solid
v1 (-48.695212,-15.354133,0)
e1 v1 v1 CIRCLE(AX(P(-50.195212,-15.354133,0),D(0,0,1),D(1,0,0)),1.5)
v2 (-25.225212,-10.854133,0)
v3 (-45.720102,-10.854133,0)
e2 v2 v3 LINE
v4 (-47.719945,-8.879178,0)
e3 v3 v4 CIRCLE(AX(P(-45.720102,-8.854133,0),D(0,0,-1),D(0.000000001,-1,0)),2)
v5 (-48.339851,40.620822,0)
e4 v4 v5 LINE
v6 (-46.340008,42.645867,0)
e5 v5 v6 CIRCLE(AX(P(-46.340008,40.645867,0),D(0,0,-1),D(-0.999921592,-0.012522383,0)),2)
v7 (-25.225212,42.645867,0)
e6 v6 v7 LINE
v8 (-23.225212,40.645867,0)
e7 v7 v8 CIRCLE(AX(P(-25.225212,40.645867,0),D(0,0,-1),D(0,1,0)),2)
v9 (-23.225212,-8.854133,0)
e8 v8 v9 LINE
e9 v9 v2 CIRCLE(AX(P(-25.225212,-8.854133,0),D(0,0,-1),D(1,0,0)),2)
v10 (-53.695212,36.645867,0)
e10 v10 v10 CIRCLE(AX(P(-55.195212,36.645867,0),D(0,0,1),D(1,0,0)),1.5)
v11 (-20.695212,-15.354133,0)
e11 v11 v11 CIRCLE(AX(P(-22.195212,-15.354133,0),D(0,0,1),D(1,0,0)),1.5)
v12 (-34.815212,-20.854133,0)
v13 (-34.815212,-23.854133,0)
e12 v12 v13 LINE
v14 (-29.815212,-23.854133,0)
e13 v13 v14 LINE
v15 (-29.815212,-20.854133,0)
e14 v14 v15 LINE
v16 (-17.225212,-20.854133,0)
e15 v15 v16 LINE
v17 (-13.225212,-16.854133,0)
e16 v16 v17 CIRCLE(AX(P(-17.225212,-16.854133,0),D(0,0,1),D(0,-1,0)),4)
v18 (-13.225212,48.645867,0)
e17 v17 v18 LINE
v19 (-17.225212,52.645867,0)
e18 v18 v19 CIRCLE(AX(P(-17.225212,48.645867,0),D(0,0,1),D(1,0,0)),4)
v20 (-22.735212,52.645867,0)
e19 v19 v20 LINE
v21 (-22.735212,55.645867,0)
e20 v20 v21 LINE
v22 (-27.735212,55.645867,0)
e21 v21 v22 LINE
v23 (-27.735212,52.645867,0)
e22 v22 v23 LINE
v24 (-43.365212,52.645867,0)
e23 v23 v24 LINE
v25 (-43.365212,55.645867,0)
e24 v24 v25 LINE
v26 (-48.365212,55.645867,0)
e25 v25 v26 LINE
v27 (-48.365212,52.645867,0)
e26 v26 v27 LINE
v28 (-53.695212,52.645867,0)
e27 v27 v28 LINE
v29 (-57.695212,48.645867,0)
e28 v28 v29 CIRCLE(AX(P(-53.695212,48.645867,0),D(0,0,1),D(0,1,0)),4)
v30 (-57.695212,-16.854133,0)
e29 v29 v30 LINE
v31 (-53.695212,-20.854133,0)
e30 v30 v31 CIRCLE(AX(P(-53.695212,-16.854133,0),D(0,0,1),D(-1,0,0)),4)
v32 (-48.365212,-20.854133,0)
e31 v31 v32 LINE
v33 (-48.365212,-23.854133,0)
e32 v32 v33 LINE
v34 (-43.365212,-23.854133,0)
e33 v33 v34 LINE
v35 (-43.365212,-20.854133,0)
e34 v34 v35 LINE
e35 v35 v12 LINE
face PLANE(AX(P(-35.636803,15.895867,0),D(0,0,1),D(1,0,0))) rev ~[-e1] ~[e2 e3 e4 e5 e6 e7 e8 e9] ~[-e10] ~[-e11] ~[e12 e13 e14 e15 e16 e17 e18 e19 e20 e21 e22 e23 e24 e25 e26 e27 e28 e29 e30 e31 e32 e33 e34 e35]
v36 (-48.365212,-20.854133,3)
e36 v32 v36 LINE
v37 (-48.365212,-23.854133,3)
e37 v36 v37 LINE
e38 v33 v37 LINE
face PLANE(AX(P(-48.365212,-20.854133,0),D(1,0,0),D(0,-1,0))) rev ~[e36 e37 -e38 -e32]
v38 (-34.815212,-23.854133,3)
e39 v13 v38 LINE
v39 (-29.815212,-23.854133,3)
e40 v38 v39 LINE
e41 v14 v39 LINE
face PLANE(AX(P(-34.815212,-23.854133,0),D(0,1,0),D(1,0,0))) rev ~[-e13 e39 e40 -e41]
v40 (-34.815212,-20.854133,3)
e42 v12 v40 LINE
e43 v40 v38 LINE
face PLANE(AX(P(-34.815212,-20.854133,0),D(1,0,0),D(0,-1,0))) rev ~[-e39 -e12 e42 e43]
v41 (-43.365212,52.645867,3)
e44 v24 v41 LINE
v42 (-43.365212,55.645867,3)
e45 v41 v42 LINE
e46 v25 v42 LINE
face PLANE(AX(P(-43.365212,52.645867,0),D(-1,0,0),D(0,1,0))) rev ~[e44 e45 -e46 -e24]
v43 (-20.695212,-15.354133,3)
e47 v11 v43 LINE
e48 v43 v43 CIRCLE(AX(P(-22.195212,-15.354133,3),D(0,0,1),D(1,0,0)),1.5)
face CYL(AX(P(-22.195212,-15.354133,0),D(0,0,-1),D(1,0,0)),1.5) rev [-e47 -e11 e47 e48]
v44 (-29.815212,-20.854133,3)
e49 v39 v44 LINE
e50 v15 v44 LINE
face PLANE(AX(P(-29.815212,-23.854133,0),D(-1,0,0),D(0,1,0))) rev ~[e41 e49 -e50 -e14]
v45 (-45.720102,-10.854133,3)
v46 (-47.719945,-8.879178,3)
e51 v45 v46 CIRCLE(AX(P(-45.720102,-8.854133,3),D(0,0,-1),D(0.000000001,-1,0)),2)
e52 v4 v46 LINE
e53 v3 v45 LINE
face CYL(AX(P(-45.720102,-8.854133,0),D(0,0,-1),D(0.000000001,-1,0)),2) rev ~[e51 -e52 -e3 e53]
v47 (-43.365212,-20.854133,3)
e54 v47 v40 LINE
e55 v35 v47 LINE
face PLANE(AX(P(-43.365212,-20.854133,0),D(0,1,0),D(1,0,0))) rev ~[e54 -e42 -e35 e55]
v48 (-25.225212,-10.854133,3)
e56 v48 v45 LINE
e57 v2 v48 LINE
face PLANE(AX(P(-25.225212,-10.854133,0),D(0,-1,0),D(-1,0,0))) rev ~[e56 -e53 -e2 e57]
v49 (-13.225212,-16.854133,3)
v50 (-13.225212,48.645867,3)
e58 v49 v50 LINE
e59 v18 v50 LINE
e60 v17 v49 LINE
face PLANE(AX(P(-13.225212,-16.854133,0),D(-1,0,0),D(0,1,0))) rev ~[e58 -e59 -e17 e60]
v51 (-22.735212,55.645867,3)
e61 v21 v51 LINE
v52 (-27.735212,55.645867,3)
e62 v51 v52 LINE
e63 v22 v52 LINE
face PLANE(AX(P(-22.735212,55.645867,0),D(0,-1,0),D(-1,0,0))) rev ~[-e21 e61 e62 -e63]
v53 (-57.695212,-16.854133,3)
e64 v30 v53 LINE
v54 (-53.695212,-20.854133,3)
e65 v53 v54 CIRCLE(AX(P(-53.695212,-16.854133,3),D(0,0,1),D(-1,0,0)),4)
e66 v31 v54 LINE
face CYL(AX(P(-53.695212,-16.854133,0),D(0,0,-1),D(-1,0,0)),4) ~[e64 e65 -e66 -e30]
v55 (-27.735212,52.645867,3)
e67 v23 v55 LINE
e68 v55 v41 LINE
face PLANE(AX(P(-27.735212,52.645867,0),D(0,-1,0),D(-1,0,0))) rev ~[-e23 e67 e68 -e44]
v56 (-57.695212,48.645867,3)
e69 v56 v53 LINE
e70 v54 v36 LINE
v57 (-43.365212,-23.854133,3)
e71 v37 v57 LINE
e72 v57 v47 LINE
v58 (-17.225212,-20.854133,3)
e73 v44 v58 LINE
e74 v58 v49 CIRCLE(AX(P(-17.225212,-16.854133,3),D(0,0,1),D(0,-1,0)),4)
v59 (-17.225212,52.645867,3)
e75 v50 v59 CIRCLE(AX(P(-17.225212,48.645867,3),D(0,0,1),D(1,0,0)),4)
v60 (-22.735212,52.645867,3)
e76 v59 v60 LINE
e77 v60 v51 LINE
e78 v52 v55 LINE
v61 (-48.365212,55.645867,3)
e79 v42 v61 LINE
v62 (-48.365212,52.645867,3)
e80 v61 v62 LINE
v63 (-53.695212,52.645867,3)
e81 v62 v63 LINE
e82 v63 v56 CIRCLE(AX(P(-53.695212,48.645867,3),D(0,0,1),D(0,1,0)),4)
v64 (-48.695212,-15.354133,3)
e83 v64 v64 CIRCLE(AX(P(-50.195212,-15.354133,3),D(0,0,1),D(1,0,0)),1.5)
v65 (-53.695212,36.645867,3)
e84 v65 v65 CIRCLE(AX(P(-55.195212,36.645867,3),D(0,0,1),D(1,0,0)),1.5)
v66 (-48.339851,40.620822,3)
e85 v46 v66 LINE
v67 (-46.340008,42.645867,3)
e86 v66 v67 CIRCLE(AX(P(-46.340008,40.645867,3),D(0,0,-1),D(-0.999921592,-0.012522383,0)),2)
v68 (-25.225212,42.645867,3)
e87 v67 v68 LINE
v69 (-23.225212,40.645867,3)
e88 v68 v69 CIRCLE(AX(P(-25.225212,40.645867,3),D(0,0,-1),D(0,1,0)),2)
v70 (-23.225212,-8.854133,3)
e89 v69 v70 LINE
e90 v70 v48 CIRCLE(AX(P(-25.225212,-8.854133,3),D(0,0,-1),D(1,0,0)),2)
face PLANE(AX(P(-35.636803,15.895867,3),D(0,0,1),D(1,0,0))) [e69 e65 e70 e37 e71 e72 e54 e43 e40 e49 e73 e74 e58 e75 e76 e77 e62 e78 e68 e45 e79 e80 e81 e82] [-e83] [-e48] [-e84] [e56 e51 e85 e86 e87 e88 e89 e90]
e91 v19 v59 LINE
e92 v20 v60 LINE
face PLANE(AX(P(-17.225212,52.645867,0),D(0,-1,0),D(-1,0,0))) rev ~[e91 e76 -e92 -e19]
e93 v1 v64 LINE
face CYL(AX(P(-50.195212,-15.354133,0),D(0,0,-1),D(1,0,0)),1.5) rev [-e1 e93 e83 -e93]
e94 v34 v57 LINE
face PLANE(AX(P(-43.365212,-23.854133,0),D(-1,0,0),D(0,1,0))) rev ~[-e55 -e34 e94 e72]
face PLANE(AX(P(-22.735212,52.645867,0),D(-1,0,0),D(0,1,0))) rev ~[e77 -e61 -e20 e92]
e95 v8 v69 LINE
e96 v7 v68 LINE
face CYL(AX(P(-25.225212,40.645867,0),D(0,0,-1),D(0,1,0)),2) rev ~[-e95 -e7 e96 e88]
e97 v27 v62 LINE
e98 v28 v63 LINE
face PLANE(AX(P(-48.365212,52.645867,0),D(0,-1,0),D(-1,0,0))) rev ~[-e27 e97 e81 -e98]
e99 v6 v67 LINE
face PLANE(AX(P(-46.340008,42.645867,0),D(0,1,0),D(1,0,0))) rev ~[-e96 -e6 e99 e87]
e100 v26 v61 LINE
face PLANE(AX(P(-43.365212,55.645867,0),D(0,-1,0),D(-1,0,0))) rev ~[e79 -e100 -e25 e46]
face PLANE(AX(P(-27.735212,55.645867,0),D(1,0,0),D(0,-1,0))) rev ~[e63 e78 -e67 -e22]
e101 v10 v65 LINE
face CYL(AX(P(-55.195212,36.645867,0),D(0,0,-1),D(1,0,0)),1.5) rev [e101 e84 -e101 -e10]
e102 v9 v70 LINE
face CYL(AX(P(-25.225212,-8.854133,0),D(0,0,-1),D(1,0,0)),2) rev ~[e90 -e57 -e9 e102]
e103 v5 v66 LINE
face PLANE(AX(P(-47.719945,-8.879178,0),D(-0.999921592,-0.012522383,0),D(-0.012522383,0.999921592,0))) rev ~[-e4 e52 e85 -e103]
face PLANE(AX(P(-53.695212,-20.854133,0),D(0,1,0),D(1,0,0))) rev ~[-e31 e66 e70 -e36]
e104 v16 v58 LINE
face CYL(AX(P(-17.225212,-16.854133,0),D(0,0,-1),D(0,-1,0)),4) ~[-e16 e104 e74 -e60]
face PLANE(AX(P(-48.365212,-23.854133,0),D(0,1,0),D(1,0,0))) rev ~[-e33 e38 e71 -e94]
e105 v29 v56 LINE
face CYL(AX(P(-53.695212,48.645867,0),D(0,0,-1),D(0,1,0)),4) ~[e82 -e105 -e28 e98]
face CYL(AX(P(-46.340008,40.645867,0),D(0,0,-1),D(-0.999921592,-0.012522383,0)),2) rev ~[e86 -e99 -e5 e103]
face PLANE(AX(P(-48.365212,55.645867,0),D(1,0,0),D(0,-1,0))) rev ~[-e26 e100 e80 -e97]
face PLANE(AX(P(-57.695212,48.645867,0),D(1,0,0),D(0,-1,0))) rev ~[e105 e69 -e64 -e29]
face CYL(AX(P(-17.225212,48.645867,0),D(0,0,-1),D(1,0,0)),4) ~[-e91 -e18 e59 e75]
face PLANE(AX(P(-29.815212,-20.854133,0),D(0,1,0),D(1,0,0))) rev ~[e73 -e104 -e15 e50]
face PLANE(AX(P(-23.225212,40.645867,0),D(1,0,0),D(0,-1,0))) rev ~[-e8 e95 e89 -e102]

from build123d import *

# Parameters (mm, degrees)
CROQUIS1_R              = 1.5
SALIENTE_EXTRUIR1_DEPTH = 3


with BuildPart() as part:
    # Croquis1 → Saliente-Extruir1 (new body)
    with BuildSketch(Plane.XY):
        with BuildLine():
            Line((-27.735211809, 52.645866632), (-43.365211809, 52.645866632))
            Line((-43.365211809, 52.645866632), (-43.365211809, 55.645866632))
            Line((-43.365211809, 55.645866632), (-48.365211809, 55.645866632))
            Line((-48.365211809, 55.645866632), (-48.365211809, 52.645866632))
            Line((-48.365211809, 52.645866632), (-53.695211809, 52.645866632))
            ThreePointArc((-53.695211809, 52.645866632), (-56.523638933, 51.474293757), (-57.695211809, 48.645866632))
            Line((-57.695211809, 48.645866632), (-57.695211809, -16.854133368))
            ThreePointArc((-57.695211809, -16.854133368), (-56.523638933, -19.682560493), (-53.695211809, -20.854133368))
            Line((-53.695211809, -20.854133368), (-48.365211809, -20.854133368))
            Line((-48.365211809, -20.854133368), (-48.365211809, -23.854133368))
            Line((-48.365211809, -23.854133368), (-43.365211809, -23.854133368))
            Line((-43.365211809, -23.854133368), (-43.365211809, -20.854133368))
            Line((-43.365211809, -20.854133368), (-34.815211809, -20.854133368))
            Line((-34.815211809, -20.854133368), (-34.815211809, -23.854133368))
            Line((-34.815211809, -23.854133368), (-29.815211809, -23.854133368))
            Line((-29.815211809, -23.854133368), (-29.815211809, -20.854133368))
            Line((-29.815211809, -20.854133368), (-17.225211809, -20.854133368))
            ThreePointArc((-17.225211809, -20.854133368), (-14.396784684, -19.682560493), (-13.225211809, -16.854133368))
            Line((-13.225211809, -16.854133368), (-13.225211809, 48.645866632))
            ThreePointArc((-13.225211809, 48.645866632), (-14.396784684, 51.474293757), (-17.225211809, 52.645866632))
            Line((-17.225211809, 52.645866632), (-22.735211809, 52.645866632))
            Line((-22.735211809, 52.645866632), (-22.735211809, 55.645866632))
            Line((-22.735211809, 55.645866632), (-27.735211809, 55.645866632))
            Line((-27.735211809, 55.645866632), (-27.735211809, 52.645866632))
        make_face()
        with Locations((-55.195211809, 36.645866632)):
            Circle(CROQUIS1_R, mode=Mode.SUBTRACT)
        with Locations((-50.195211809, -15.354133368)):
            Circle(CROQUIS1_R, mode=Mode.SUBTRACT)
        with Locations((-22.195211809, -15.354133368)):
            Circle(CROQUIS1_R, mode=Mode.SUBTRACT)
        with BuildLine():
            Line((-35.550211809, 42.645866632), (-25.225211809, 42.645866632))
            ThreePointArc((-25.225211809, 42.645866632), (-23.810998246, 42.060080194), (-23.225211809, 40.645866632))
            Line((-23.225211809, 40.645866632), (-23.225211809, -8.854133368))
            ThreePointArc((-23.225211809, -8.854133368), (-23.810998246, -10.26834693), (-25.225211809, -10.854133368))
            Line((-25.225211809, -10.854133368), (-45.720101709, -10.854133368))
            ThreePointArc((-45.720101709, -10.854133368), (-47.125432715, -10.277174044), (-47.719944893, -8.879178133))
            Line((-47.719944893, -8.879178133), (-48.339851435, 40.620821867))
            ThreePointArc((-48.339851435, 40.620821867), (-47.763048927, 42.051197638), (-46.340008251, 42.645866632))
            Line((-46.340008251, 42.645866632), (-35.550211809, 42.645866632))
        make_face(mode=Mode.SUBTRACT)
    extrude(amount=SALIENTE_EXTRUIR1_DEPTH)


solid = part.part
